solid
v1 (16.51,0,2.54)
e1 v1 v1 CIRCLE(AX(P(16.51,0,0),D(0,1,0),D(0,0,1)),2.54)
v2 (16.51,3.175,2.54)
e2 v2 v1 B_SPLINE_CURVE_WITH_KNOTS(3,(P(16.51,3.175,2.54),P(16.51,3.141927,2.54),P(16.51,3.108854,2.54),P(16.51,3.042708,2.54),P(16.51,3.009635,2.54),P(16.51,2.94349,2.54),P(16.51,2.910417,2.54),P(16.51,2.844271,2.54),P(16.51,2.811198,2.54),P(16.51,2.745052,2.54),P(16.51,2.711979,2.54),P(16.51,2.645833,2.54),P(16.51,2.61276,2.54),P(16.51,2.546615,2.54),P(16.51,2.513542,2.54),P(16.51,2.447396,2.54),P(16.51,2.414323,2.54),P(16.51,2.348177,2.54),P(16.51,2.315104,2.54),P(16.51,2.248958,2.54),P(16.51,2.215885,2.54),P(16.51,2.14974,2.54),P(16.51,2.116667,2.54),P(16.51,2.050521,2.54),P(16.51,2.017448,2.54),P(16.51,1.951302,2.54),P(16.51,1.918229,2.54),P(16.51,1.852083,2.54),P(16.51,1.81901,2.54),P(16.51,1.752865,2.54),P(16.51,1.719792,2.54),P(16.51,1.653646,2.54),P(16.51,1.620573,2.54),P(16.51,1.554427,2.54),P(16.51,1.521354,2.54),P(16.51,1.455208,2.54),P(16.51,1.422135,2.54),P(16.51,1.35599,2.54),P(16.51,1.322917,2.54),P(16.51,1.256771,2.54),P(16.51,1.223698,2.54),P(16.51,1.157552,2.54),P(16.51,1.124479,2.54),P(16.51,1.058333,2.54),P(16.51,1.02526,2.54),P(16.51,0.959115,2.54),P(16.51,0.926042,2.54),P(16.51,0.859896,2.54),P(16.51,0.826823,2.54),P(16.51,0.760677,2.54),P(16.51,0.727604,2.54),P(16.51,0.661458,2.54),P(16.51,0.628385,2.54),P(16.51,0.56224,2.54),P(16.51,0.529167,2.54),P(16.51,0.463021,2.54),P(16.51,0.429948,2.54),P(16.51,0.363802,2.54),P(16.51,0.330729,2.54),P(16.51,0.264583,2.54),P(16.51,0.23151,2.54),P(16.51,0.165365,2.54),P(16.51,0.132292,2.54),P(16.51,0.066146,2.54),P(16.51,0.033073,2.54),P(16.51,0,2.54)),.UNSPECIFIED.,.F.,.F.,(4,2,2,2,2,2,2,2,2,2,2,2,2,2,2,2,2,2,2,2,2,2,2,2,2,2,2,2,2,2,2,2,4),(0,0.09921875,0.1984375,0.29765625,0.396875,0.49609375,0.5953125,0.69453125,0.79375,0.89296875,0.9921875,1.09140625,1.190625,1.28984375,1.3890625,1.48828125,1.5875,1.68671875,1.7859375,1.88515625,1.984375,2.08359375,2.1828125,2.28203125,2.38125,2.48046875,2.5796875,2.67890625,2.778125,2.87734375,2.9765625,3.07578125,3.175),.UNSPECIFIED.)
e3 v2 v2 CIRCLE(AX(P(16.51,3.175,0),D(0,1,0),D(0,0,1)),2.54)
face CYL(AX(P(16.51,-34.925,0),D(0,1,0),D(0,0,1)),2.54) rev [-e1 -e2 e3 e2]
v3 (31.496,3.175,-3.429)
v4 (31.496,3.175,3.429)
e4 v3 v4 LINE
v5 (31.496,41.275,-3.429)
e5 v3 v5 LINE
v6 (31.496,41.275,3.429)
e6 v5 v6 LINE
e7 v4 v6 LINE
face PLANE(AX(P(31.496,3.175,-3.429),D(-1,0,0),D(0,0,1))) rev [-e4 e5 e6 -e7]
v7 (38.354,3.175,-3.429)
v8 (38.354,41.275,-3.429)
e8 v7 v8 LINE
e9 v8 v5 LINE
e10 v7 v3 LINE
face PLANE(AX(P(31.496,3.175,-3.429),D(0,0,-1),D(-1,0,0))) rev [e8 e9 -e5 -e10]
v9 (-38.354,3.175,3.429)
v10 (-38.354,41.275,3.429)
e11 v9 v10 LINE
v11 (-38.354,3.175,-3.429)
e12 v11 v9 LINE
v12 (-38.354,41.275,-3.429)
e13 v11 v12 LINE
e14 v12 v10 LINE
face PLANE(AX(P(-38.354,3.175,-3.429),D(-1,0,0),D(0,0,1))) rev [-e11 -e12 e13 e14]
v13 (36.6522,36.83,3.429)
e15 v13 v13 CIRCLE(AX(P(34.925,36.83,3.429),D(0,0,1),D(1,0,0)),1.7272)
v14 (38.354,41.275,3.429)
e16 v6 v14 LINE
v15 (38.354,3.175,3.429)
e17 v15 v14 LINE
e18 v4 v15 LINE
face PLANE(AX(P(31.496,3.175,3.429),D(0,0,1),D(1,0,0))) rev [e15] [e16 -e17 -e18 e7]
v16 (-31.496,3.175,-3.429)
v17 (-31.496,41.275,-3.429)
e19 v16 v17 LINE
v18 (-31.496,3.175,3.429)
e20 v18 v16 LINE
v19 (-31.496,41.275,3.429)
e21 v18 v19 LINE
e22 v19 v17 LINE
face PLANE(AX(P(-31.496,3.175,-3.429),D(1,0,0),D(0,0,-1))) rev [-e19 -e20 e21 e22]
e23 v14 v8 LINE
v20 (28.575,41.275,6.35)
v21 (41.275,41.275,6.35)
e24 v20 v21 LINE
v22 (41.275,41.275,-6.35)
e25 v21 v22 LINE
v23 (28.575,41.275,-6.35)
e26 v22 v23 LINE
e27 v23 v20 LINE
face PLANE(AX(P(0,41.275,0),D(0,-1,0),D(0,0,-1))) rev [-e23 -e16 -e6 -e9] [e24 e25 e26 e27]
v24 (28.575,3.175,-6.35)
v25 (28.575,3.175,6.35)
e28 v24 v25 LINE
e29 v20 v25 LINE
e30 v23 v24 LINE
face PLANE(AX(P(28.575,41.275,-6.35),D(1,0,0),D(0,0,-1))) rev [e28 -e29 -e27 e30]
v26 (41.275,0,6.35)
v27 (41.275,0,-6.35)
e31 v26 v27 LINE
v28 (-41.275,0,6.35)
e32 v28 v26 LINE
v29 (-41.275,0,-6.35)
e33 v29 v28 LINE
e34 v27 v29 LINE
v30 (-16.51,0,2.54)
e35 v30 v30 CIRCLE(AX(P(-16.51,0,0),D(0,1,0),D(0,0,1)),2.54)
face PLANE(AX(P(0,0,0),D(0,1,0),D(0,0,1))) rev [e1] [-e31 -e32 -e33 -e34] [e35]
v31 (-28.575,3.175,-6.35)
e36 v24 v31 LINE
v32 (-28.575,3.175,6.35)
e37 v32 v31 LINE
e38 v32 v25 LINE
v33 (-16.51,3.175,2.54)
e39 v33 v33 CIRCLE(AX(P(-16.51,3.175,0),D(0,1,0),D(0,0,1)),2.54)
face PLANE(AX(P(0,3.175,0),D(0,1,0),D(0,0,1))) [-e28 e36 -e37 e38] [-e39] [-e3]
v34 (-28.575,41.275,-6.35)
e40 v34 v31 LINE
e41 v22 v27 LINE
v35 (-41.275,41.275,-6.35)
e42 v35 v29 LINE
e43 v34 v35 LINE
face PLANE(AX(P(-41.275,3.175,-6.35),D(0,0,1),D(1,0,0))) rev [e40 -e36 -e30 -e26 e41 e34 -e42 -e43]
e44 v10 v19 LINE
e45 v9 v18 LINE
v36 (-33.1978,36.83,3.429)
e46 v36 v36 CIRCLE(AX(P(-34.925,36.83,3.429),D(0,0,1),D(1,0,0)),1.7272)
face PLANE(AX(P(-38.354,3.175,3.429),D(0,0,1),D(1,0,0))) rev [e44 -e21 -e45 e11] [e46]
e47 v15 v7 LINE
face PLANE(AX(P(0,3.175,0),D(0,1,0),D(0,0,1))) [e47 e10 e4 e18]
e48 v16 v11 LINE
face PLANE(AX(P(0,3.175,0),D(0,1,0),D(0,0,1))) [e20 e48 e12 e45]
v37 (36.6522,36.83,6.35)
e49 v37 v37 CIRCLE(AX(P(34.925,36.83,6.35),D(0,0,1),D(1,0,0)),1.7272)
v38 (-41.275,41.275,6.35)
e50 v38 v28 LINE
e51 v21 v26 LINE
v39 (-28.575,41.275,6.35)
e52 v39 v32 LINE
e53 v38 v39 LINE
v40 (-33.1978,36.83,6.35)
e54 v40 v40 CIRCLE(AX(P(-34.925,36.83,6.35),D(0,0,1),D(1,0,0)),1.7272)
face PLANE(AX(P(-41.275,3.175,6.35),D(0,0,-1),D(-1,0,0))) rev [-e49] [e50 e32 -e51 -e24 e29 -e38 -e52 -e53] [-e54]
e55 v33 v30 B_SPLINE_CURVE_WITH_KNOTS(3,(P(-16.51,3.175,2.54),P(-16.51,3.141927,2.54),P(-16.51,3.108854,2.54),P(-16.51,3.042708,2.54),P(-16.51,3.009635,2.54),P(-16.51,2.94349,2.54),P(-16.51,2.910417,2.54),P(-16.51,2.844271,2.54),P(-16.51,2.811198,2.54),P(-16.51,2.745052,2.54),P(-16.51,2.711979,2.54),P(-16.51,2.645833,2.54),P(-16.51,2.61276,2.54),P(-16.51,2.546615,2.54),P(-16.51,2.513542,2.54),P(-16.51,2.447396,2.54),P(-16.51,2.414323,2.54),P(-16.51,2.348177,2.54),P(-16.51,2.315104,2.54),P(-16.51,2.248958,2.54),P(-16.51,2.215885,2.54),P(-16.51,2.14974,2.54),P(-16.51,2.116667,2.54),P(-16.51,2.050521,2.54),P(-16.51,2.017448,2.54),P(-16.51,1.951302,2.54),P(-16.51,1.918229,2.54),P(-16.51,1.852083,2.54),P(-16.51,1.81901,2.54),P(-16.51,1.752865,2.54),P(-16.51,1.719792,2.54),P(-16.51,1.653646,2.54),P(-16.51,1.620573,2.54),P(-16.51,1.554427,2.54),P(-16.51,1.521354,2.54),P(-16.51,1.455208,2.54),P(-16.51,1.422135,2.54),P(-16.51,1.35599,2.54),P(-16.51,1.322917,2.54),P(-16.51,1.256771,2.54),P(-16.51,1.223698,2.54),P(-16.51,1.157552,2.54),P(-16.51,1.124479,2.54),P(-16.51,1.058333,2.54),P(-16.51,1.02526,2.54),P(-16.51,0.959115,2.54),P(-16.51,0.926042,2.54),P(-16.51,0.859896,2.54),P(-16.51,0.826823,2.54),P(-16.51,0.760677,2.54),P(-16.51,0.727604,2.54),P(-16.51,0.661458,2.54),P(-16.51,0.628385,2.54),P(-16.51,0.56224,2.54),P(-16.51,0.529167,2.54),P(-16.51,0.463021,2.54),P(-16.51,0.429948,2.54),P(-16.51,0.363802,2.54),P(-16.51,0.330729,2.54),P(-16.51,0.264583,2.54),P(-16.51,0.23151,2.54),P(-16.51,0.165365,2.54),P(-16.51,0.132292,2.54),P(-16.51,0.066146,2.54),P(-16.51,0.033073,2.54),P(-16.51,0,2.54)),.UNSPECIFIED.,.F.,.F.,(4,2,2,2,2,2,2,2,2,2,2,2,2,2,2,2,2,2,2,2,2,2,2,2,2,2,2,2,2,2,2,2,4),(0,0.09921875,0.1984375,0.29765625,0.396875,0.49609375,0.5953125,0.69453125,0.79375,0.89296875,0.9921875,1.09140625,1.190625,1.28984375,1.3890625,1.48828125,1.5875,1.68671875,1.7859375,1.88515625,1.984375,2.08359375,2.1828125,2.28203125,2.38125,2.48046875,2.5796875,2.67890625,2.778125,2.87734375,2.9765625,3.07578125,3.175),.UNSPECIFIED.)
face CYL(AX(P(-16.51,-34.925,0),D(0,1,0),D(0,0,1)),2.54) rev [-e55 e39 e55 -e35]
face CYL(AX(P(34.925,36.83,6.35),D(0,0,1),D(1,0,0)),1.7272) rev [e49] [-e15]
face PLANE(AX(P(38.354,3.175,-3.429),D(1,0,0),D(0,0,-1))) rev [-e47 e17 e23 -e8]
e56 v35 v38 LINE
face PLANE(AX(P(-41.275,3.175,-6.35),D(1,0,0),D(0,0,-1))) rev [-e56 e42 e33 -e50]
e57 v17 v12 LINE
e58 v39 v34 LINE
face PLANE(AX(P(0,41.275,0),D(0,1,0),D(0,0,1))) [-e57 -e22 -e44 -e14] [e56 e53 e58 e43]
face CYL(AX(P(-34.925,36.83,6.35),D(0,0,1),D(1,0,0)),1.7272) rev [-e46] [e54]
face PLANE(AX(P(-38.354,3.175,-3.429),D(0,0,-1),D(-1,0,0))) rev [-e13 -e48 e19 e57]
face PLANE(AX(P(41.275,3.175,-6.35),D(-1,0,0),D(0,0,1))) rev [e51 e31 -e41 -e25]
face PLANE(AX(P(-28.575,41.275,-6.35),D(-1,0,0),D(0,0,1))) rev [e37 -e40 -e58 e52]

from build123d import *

# Parameters (mm, degrees)
SKETCH1_W                 = 82.55
SKETCH1_H                 = 12.7
BOSS_EXTRUDE1_DEPTH       = 3.175
SKETCH3_W                 = 12.7
SKETCH3_H                 = 12.7
BOSS_EXTRUDE2_DEPTH       = 38.1
SKETCH4_W                 = 12.7
SKETCH4_H                 = 12.7
BOSS_EXTRUDE3_DEPTH       = 38.1
SKETCH5_W                 = 6.858
SKETCH5_H                 = 6.858
CUT_EXTRUDE1_DEPTH        = 38.1
SKETCH6_W                 = 6.858
SKETCH6_H                 = 6.858
CUT_EXTRUDE2_DEPTH        = 38.1
SKETCH9_R                 = 2.54
CUT_EXTRUDE3_DEPTH        = 38.1
F_8_32_TAPPED_HOLE2_D     = 3.4544
F_8_32_TAPPED_HOLE2_DEPTH = 2.921


with BuildPart() as part:
    # Sketch1 → Boss-Extrude1 (new body)
    with BuildSketch(Plane(origin=(0, 0, 0), x_dir=(1, 0, 0), z_dir=(0, 1, 0))):
        Rectangle(SKETCH1_W, SKETCH1_H)
    extrude(amount=BOSS_EXTRUDE1_DEPTH)

    # Sketch3 → Boss-Extrude2 (add)
    with BuildSketch(Plane(origin=(0, 3.175, 0), x_dir=(1, 0, 0), z_dir=(0, 1, 0))):
        with Locations((-34.925, 0)):
            Rectangle(SKETCH3_W, SKETCH3_H)
    extrude(amount=BOSS_EXTRUDE2_DEPTH)

    # Sketch4 → Boss-Extrude3 (add)
    with BuildSketch(Plane(origin=(0, 3.175, 0), x_dir=(1, 0, 0), z_dir=(0, 1, 0))):
        with Locations((34.925, 0)):
            Rectangle(SKETCH4_W, SKETCH4_H)
    extrude(amount=BOSS_EXTRUDE3_DEPTH)

    # Sketch5 → Cut-Extrude1 (cut)
    with BuildSketch(Plane(origin=(0, 41.275, 0), x_dir=(1, 0, 0), z_dir=(0, 1, 0))):
        with Locations((-34.925, 0)):
            Rectangle(SKETCH5_W, SKETCH5_H)
    extrude(amount=-CUT_EXTRUDE1_DEPTH, mode=Mode.SUBTRACT)

    # Sketch6 → Cut-Extrude2 (cut)
    with BuildSketch(Plane(origin=(0, 41.275, 0), x_dir=(1, 0, 0), z_dir=(0, 1, 0))):
        with Locations((34.925, 0)):
            Rectangle(SKETCH6_W, SKETCH6_H)
    extrude(amount=-CUT_EXTRUDE2_DEPTH, mode=Mode.SUBTRACT)

    # Sketch9 → Cut-Extrude3 (cut)
    with BuildSketch(Plane(origin=(0, 3.175, 0), x_dir=(1, 0, 0), z_dir=(0, 1, 0))):
        with Locations(Location((-16.51, 0, 0), (0, 0, 270))):
            Circle(SKETCH9_R)
        with Locations(Location((16.51, 0, 0), (0, 0, 270))):
            Circle(SKETCH9_R)
    extrude(amount=-CUT_EXTRUDE3_DEPTH, mode=Mode.SUBTRACT)

    # #8-32 Tapped Hole2
    with Locations(Plane(origin=(-34.925, 36.83, 6.35), x_dir=(1, 0, 0), z_dir=(0, 0, 1))):
        with Locations((0, 0), (69.85, 0)):
            Hole(F_8_32_TAPPED_HOLE2_D / 2, depth=F_8_32_TAPPED_HOLE2_DEPTH)


solid = part.part
